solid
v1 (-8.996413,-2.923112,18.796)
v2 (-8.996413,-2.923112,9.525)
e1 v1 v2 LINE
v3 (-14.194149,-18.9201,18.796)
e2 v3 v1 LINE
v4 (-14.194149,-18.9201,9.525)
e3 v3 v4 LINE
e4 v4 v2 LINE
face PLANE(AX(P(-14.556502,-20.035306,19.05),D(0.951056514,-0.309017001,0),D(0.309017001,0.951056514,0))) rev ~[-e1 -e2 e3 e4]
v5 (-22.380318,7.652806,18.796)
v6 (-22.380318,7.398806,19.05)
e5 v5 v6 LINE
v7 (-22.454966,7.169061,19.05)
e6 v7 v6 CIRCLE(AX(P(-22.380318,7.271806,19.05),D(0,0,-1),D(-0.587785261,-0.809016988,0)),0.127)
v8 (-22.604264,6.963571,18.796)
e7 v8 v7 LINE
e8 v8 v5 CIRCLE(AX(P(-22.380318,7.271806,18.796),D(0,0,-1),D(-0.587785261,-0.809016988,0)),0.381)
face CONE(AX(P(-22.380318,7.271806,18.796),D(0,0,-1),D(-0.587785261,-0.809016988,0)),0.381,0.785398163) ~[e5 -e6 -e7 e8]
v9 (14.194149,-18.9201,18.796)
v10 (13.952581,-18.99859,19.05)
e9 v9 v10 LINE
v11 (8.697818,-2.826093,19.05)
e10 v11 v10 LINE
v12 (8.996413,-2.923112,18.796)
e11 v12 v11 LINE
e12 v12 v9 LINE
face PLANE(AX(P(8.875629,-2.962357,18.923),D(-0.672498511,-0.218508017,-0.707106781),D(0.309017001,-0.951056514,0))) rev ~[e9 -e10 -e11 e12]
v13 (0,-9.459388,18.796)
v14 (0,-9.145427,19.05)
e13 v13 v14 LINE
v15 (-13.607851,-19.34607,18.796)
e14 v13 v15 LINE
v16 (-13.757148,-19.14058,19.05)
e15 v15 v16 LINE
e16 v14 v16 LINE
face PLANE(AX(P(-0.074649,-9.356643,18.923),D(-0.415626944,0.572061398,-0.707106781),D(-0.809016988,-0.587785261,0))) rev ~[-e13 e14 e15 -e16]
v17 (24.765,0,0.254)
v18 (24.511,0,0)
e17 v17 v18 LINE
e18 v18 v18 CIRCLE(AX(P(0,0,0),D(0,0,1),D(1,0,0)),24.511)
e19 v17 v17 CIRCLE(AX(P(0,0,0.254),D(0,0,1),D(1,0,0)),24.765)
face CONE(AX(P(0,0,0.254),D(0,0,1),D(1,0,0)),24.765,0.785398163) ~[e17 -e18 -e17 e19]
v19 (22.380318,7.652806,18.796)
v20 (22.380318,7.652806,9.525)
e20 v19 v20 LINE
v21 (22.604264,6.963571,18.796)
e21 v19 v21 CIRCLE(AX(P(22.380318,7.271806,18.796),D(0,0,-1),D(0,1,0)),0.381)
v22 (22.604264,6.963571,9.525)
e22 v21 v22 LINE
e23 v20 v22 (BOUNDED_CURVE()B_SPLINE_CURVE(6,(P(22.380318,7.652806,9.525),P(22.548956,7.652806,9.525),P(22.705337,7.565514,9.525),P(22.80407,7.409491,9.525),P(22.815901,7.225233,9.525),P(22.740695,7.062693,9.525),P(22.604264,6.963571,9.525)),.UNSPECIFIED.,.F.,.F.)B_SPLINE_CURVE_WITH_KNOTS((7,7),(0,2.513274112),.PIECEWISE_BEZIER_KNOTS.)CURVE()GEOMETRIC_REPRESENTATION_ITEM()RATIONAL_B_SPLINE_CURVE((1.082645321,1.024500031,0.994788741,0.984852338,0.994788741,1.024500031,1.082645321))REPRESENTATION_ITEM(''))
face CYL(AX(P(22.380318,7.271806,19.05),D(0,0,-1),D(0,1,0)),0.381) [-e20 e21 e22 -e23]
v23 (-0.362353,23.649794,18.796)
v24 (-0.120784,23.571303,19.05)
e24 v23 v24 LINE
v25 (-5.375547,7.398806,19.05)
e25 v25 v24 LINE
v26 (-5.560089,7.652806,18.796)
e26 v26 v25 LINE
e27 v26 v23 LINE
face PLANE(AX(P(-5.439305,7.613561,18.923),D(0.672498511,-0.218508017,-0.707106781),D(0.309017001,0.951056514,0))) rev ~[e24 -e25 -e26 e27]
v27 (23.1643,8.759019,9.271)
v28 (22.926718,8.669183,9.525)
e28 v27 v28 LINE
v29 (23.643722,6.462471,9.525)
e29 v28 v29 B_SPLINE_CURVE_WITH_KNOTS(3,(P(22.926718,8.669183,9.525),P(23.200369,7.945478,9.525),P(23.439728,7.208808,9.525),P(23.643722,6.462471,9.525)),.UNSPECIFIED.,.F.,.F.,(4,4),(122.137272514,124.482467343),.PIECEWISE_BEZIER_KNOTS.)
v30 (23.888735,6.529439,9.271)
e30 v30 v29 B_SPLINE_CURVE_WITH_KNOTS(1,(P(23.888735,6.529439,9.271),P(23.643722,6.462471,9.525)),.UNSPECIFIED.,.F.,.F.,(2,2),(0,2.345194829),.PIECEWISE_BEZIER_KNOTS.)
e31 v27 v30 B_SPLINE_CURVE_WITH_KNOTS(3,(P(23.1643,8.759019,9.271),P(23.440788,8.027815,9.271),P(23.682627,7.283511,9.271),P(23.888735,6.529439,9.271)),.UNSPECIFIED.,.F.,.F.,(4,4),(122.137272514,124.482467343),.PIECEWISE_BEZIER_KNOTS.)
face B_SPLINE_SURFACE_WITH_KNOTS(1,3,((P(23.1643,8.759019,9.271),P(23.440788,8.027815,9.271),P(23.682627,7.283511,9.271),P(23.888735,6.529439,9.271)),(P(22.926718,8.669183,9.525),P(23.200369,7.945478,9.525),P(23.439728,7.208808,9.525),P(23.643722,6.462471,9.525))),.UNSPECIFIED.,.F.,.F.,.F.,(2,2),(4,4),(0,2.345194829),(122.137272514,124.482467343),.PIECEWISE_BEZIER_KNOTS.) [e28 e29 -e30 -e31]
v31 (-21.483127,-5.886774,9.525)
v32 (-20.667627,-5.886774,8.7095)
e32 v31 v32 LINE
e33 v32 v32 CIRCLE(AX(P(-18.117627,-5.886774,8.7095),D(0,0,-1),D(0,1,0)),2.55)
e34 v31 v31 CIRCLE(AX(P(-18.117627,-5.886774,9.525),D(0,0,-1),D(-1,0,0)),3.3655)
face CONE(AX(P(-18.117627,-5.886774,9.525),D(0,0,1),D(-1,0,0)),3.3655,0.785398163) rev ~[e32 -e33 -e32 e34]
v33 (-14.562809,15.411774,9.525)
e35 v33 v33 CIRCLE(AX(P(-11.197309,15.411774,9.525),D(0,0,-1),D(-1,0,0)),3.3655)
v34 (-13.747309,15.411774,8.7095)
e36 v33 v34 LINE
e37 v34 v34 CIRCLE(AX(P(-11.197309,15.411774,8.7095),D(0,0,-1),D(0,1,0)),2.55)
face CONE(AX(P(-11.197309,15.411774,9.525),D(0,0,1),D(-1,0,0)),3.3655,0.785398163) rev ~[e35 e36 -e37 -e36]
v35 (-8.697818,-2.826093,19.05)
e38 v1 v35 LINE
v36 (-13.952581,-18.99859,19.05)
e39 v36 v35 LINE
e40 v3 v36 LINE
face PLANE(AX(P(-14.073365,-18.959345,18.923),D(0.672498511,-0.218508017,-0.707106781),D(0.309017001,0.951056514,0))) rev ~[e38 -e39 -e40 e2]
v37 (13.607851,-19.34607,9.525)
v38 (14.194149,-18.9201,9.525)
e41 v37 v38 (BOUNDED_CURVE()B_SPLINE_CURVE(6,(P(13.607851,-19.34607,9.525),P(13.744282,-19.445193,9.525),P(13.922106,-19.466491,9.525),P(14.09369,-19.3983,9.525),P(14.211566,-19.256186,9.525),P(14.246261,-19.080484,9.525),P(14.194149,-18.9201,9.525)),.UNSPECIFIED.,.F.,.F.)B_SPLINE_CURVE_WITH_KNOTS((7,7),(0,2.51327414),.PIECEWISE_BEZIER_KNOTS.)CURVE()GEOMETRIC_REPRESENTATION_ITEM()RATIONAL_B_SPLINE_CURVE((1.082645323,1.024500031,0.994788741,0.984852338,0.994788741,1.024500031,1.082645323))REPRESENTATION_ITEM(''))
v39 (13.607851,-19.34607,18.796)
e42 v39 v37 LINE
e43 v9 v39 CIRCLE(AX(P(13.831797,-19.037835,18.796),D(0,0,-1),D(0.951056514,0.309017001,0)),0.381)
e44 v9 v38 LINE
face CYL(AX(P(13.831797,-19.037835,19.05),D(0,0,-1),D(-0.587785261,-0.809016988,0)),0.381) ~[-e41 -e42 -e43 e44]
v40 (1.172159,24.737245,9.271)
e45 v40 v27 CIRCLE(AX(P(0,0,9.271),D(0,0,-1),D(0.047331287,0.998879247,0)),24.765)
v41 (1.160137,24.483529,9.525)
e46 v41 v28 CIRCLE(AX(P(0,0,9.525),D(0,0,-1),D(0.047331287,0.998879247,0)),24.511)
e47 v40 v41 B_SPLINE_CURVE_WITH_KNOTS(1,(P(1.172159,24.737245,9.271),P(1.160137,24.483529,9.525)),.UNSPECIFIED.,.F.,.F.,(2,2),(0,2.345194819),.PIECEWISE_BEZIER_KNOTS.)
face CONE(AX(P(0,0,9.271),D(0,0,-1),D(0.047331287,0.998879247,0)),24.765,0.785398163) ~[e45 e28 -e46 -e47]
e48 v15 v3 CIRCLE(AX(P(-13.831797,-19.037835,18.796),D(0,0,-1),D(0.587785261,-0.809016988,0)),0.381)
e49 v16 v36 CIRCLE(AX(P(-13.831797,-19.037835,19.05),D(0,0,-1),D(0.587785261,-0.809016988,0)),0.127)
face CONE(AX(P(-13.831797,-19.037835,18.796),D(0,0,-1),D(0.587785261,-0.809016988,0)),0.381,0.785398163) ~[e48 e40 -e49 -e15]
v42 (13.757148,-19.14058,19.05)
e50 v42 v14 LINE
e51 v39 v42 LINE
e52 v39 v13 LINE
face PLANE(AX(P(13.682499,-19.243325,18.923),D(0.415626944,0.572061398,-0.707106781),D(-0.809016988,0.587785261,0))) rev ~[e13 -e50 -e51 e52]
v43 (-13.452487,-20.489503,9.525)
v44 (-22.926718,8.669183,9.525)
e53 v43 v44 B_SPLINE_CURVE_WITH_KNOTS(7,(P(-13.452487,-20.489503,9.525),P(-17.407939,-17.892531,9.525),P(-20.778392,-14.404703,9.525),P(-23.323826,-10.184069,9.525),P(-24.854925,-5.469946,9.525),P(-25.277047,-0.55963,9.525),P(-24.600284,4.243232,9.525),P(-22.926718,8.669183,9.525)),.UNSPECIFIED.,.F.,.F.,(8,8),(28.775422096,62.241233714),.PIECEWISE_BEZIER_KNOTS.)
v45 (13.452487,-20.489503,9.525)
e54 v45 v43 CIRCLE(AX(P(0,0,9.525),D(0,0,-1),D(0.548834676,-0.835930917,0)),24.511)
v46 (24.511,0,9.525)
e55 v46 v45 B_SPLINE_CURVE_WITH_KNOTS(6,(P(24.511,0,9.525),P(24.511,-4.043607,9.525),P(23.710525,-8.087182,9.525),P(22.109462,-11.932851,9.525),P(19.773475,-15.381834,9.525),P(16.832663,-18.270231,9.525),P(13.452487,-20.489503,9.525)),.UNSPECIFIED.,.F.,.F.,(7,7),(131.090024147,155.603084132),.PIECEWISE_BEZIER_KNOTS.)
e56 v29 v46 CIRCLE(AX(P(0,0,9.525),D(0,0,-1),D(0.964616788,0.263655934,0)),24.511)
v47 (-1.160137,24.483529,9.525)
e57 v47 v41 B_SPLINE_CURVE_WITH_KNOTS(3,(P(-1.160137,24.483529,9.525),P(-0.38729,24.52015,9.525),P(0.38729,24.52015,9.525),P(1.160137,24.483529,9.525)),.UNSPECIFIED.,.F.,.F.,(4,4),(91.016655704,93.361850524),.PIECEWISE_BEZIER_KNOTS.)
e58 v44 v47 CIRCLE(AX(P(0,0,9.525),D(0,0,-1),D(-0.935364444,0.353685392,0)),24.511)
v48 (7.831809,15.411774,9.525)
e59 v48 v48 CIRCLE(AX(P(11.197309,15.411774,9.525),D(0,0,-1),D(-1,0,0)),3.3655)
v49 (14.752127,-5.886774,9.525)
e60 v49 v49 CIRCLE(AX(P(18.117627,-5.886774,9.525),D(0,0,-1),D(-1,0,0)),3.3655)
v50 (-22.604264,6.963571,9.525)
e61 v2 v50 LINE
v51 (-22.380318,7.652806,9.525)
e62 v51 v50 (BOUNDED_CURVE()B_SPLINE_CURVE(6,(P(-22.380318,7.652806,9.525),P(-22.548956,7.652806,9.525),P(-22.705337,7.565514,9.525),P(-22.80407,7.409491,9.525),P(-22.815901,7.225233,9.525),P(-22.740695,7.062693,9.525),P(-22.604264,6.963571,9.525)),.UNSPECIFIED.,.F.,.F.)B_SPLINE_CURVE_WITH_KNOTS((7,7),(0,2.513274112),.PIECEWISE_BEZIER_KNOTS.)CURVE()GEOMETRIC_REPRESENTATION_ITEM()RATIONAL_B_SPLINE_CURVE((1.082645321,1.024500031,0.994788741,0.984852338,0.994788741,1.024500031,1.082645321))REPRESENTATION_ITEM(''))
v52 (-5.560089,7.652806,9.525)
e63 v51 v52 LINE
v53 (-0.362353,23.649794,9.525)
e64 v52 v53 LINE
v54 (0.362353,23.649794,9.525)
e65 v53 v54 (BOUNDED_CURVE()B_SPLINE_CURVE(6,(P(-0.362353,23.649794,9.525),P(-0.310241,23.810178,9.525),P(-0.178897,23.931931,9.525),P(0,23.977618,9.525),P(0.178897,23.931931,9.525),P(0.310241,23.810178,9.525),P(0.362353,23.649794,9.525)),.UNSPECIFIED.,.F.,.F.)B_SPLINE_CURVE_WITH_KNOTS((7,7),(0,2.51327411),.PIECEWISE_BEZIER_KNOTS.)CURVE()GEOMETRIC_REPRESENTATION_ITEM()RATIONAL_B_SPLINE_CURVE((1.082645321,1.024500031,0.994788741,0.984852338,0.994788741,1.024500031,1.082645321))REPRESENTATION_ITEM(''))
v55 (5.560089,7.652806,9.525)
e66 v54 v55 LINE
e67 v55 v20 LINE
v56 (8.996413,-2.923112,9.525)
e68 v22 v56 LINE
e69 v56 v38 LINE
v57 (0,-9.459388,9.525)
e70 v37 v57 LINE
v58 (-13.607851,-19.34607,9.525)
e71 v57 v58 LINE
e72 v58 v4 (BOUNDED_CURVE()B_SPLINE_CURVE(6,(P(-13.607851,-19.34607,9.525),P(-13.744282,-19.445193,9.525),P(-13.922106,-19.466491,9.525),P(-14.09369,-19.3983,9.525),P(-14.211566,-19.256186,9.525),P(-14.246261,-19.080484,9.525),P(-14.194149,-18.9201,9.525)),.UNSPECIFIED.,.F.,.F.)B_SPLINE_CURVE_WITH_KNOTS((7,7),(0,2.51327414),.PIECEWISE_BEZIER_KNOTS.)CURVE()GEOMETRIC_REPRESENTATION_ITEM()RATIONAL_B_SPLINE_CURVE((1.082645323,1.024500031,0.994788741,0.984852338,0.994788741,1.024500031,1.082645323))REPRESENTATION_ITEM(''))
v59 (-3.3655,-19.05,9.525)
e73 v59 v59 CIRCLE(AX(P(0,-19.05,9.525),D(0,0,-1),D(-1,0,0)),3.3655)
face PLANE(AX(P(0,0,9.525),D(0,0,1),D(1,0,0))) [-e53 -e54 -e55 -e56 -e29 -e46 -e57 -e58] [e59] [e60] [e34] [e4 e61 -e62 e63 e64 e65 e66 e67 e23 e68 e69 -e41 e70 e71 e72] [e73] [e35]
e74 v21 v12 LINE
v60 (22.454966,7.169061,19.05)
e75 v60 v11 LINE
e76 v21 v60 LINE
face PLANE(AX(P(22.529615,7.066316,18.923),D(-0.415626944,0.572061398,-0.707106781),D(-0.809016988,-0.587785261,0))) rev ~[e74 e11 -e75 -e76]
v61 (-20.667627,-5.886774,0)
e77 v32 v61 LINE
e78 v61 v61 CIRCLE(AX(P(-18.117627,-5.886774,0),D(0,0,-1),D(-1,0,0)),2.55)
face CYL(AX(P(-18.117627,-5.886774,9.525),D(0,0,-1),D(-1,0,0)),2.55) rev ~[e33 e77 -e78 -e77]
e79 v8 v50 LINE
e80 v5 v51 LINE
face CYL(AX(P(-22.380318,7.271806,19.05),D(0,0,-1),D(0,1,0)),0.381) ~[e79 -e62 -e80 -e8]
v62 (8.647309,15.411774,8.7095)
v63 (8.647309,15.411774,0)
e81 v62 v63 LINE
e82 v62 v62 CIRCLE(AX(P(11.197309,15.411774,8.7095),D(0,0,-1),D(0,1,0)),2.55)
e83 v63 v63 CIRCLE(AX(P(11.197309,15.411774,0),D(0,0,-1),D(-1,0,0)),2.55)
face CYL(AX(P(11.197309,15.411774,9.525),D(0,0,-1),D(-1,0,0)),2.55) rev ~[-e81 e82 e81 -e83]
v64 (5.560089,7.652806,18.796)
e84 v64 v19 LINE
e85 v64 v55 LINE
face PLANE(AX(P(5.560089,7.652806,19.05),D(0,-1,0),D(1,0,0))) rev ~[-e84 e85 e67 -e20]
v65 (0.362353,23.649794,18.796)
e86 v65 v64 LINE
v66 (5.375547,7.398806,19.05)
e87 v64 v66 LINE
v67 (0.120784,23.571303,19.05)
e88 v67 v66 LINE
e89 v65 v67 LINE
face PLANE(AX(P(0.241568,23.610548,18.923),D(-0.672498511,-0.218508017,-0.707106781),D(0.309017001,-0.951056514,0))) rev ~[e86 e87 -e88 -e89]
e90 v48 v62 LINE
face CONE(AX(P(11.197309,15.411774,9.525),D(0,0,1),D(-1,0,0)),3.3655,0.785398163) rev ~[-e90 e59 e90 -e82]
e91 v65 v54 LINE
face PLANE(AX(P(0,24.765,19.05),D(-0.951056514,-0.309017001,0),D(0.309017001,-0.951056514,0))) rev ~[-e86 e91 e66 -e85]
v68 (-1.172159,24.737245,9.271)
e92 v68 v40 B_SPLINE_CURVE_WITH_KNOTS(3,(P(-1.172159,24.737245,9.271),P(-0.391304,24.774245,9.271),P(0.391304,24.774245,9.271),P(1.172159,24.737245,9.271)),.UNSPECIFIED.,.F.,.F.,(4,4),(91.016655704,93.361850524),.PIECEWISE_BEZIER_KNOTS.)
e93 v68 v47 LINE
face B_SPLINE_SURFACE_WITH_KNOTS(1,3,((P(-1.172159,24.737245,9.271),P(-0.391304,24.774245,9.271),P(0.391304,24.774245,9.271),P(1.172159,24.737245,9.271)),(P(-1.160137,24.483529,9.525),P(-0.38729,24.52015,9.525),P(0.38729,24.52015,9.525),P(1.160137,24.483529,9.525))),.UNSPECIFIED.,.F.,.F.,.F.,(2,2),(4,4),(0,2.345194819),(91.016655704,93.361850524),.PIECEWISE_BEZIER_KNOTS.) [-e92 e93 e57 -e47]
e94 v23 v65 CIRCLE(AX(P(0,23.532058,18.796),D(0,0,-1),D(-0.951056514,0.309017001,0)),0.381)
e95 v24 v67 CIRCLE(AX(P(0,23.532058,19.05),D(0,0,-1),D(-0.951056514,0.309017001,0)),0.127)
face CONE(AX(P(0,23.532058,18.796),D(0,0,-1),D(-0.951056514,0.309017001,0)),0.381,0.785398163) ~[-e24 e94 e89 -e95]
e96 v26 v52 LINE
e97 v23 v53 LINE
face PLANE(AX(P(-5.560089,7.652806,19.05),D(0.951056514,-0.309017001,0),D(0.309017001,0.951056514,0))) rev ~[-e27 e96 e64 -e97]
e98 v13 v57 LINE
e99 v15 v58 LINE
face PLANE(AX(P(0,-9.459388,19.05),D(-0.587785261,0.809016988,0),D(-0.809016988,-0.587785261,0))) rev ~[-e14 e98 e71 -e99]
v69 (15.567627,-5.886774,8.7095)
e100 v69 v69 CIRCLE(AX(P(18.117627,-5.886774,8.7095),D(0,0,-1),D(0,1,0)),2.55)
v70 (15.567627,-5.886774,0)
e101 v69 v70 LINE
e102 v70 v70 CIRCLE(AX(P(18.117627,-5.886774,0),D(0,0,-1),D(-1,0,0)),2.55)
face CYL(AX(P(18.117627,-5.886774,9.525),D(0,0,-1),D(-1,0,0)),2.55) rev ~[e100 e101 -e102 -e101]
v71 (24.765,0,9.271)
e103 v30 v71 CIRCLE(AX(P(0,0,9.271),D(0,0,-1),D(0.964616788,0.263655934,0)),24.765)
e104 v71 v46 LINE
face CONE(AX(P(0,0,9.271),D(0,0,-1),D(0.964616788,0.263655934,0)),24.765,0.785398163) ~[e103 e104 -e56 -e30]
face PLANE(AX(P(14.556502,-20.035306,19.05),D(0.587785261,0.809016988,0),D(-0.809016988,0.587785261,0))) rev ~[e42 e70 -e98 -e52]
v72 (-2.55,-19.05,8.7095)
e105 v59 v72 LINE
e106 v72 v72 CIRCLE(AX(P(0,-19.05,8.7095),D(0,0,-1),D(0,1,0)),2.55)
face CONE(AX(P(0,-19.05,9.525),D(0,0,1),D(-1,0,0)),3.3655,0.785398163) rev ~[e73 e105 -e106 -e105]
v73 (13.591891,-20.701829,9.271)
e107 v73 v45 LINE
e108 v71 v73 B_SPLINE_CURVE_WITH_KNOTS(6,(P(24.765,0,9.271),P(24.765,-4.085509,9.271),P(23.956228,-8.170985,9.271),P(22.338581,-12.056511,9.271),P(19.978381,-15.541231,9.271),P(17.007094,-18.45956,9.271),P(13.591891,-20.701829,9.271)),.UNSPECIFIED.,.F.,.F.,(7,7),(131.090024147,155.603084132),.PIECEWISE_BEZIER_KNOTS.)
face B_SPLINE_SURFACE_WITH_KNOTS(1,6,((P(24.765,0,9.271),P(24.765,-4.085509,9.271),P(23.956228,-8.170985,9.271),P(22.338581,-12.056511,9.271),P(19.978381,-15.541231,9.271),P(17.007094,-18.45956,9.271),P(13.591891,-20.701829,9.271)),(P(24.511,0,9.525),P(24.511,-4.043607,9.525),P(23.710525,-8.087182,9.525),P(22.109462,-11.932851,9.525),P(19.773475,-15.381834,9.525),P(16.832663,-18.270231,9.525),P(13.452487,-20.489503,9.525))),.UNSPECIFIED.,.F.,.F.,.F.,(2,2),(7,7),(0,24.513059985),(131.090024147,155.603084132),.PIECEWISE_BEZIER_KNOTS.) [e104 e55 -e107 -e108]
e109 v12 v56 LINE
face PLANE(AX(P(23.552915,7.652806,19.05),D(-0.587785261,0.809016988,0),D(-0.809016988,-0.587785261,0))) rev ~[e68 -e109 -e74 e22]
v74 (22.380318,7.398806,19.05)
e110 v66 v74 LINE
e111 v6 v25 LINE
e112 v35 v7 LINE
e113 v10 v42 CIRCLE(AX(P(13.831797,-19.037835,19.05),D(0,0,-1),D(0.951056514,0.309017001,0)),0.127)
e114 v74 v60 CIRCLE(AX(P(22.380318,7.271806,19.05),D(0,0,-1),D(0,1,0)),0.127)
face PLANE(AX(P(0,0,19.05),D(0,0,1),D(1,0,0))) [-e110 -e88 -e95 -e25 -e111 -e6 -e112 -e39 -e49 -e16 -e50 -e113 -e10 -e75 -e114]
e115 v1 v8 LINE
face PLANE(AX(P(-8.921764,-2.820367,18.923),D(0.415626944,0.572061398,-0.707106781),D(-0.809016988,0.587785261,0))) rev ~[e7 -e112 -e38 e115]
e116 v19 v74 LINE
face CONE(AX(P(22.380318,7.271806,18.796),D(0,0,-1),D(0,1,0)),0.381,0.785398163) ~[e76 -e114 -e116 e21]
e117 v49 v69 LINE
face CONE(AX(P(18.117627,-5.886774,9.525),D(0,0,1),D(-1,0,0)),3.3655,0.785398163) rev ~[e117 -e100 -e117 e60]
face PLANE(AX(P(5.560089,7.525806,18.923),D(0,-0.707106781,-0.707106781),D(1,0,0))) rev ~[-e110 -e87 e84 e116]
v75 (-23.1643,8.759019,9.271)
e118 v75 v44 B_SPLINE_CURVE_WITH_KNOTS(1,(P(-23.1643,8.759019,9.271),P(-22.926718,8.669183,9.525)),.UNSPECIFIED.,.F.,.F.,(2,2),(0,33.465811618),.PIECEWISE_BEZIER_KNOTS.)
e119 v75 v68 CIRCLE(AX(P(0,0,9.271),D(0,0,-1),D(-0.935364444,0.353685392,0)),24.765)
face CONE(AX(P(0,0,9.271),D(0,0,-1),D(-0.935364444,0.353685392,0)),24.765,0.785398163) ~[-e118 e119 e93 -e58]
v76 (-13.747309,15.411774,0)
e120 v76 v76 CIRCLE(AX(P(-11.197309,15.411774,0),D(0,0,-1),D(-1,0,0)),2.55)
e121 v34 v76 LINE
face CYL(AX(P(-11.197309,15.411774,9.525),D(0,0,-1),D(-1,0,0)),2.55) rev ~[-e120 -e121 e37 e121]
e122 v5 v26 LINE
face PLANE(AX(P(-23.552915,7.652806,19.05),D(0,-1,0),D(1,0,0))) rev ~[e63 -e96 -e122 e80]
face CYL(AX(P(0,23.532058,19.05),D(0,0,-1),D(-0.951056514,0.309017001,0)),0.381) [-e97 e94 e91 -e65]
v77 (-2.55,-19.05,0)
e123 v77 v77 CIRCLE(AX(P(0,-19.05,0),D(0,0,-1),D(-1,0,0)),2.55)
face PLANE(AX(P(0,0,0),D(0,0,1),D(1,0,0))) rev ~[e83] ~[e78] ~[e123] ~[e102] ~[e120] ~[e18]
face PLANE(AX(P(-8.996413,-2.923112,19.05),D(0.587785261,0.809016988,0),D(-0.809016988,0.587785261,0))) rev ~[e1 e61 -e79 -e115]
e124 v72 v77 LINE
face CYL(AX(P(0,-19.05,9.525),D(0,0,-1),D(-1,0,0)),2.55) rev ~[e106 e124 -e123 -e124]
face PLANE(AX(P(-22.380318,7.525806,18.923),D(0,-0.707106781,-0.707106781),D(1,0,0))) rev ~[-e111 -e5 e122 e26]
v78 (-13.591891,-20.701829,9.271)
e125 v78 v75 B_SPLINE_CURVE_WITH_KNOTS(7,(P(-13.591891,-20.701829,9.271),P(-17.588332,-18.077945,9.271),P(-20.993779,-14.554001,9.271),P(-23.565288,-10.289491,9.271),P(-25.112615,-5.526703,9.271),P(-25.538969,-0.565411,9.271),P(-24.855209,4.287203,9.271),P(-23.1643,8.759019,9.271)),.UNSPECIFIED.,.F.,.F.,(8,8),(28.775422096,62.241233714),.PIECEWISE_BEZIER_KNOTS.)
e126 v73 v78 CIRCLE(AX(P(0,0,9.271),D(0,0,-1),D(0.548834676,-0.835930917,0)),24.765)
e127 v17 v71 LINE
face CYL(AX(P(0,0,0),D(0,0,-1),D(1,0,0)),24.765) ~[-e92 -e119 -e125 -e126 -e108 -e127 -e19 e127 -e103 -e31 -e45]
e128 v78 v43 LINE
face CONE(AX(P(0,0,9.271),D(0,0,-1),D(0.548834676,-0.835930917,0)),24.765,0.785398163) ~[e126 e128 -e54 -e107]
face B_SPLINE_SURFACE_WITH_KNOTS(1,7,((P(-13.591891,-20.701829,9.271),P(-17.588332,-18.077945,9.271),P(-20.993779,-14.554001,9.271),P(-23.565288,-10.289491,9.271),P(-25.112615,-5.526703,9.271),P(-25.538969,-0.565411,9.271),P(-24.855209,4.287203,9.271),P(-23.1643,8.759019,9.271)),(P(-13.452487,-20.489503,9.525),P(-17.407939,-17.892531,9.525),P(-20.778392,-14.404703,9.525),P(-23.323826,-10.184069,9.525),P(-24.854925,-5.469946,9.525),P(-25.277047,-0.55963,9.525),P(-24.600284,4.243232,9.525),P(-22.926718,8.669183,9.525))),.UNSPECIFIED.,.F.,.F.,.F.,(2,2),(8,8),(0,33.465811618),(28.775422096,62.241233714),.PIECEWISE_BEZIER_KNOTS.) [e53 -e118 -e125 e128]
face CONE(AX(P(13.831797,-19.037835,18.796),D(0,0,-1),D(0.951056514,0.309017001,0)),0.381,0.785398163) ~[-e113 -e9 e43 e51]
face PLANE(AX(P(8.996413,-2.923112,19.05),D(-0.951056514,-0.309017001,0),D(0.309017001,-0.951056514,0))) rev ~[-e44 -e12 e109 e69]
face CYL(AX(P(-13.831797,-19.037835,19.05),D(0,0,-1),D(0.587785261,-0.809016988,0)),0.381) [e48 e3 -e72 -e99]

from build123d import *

# Parameters (mm, degrees)
CYLINDER_R       = 24.765
CYLINDER_DEPTH   = 19.05
SKETCH_R         = 25.4
POCKET_DEPTH     = 9.525
HOLE_D           = 5.1
HOLE_DEPTH       = 9.525
HOLE_CSINK_D     = 6.731
HOLE_CSINK_ANGLE = 90
HOLE_TIPS_R      = 2.55
FILLET_R         = 0.381
CHAMFER_SIZE     = 0.254


with BuildPart() as part:
    # Cylinder → Cylinder (join)
    with BuildSketch(Plane.XY):
        Circle(CYLINDER_R)
    extrude(amount=CYLINDER_DEPTH)

    # Sketch (on Face3 of Cylinder) → Pocket (cut)
    with BuildSketch(Plane.XY.offset(19.05)):
        Circle(SKETCH_R)
        Polygon((0, 24.765), (5.560089, 7.652806), (23.552915, 7.652806), (8.996413, -2.923112), (14.556502, -20.035306), (0, -9.459388), (-14.556502, -20.035306), (-8.996413, -2.923112), (-23.552915, 7.652806), (-5.560089, 7.652806), align=None, mode=Mode.SUBTRACT)
    extrude(amount=-POCKET_DEPTH, mode=Mode.SUBTRACT)

    # Hole
    with Locations(Plane.XY.offset(9.525)):
        with Locations((11.197309, 15.411774), (-11.197309, 15.411774), (-18.117627, -5.886774), (0, -19.05), (18.117627, -5.886774)):
            CounterSinkHole(HOLE_D / 2, HOLE_CSINK_D / 2, depth=HOLE_DEPTH, counter_sink_angle=HOLE_CSINK_ANGLE)

    # Hole tips → Hole tip 1 section 0
    with BuildSketch(Plane.XY, mode=Mode.PRIVATE) as hole_tip_1_s0:
        with Locations((11.197309, 15.411774)):
            Circle(HOLE_TIPS_R)
    loft([hole_tip_1_s0.sketch, Vertex(11.197309, 15.411774, -1.532195)], mode=Mode.SUBTRACT)

    # Hole tips → Hole tip 2 section 0
    with BuildSketch(Plane.XY, mode=Mode.PRIVATE) as hole_tip_2_s0:
        with Locations((-11.197309, 15.411774)):
            Circle(HOLE_TIPS_R)
    loft([hole_tip_2_s0.sketch, Vertex(-11.197309, 15.411774, -1.532195)], mode=Mode.SUBTRACT)

    # Hole tips → Hole tip 3 section 0
    with BuildSketch(Plane.XY, mode=Mode.PRIVATE) as hole_tip_3_s0:
        with Locations((-18.117627, -5.886774)):
            Circle(HOLE_TIPS_R)
    loft([hole_tip_3_s0.sketch, Vertex(-18.117627, -5.886774, -1.532195)], mode=Mode.SUBTRACT)

    # Hole tips → Hole tip 4 section 0
    with BuildSketch(Plane.XY, mode=Mode.PRIVATE) as hole_tip_4_s0:
        with Locations((0, -19.05)):
            Circle(HOLE_TIPS_R)
    loft([hole_tip_4_s0.sketch, Vertex(0, -19.05, -1.532195)], mode=Mode.SUBTRACT)

    # Hole tips → Hole tip 5 section 0
    with BuildSketch(Plane.XY, mode=Mode.PRIVATE) as hole_tip_5_s0:
        with Locations((18.117627, -5.886774)):
            Circle(HOLE_TIPS_R)
    loft([hole_tip_5_s0.sketch, Vertex(18.117627, -5.886774, -1.532195)], mode=Mode.SUBTRACT)

    # Fillet
    fillet_edges = [part.edges().sort_by_distance(p)[0] for p in [
        (14.556502, -20.035306, 14.2875),
        (23.552915, 7.652806, 14.2875),
        (0, 24.765, 14.2875),
        (-23.552915, 7.652806, 14.2875),
        (-14.556502, -20.035306, 14.2875),
    ]]
    fillet(fillet_edges, radius=FILLET_R)

    # Chamfer
    chamfer_edges = [part.edges().sort_by_distance(p)[0] for p in [
        (0, -24.765, 9.525),
        (-6.803925, -14.402729, 19.05),
        (-15.800338, 2.020229, 19.05),
        (-2.961221, 15.6513, 19.05),
        (13.970203, 7.652806, 19.05),
        (11.595281, -10.921606, 19.05),
        (-24.765, 0, 0),
    ]]
    chamfer(chamfer_edges, length=CHAMFER_SIZE)


solid = part.part
